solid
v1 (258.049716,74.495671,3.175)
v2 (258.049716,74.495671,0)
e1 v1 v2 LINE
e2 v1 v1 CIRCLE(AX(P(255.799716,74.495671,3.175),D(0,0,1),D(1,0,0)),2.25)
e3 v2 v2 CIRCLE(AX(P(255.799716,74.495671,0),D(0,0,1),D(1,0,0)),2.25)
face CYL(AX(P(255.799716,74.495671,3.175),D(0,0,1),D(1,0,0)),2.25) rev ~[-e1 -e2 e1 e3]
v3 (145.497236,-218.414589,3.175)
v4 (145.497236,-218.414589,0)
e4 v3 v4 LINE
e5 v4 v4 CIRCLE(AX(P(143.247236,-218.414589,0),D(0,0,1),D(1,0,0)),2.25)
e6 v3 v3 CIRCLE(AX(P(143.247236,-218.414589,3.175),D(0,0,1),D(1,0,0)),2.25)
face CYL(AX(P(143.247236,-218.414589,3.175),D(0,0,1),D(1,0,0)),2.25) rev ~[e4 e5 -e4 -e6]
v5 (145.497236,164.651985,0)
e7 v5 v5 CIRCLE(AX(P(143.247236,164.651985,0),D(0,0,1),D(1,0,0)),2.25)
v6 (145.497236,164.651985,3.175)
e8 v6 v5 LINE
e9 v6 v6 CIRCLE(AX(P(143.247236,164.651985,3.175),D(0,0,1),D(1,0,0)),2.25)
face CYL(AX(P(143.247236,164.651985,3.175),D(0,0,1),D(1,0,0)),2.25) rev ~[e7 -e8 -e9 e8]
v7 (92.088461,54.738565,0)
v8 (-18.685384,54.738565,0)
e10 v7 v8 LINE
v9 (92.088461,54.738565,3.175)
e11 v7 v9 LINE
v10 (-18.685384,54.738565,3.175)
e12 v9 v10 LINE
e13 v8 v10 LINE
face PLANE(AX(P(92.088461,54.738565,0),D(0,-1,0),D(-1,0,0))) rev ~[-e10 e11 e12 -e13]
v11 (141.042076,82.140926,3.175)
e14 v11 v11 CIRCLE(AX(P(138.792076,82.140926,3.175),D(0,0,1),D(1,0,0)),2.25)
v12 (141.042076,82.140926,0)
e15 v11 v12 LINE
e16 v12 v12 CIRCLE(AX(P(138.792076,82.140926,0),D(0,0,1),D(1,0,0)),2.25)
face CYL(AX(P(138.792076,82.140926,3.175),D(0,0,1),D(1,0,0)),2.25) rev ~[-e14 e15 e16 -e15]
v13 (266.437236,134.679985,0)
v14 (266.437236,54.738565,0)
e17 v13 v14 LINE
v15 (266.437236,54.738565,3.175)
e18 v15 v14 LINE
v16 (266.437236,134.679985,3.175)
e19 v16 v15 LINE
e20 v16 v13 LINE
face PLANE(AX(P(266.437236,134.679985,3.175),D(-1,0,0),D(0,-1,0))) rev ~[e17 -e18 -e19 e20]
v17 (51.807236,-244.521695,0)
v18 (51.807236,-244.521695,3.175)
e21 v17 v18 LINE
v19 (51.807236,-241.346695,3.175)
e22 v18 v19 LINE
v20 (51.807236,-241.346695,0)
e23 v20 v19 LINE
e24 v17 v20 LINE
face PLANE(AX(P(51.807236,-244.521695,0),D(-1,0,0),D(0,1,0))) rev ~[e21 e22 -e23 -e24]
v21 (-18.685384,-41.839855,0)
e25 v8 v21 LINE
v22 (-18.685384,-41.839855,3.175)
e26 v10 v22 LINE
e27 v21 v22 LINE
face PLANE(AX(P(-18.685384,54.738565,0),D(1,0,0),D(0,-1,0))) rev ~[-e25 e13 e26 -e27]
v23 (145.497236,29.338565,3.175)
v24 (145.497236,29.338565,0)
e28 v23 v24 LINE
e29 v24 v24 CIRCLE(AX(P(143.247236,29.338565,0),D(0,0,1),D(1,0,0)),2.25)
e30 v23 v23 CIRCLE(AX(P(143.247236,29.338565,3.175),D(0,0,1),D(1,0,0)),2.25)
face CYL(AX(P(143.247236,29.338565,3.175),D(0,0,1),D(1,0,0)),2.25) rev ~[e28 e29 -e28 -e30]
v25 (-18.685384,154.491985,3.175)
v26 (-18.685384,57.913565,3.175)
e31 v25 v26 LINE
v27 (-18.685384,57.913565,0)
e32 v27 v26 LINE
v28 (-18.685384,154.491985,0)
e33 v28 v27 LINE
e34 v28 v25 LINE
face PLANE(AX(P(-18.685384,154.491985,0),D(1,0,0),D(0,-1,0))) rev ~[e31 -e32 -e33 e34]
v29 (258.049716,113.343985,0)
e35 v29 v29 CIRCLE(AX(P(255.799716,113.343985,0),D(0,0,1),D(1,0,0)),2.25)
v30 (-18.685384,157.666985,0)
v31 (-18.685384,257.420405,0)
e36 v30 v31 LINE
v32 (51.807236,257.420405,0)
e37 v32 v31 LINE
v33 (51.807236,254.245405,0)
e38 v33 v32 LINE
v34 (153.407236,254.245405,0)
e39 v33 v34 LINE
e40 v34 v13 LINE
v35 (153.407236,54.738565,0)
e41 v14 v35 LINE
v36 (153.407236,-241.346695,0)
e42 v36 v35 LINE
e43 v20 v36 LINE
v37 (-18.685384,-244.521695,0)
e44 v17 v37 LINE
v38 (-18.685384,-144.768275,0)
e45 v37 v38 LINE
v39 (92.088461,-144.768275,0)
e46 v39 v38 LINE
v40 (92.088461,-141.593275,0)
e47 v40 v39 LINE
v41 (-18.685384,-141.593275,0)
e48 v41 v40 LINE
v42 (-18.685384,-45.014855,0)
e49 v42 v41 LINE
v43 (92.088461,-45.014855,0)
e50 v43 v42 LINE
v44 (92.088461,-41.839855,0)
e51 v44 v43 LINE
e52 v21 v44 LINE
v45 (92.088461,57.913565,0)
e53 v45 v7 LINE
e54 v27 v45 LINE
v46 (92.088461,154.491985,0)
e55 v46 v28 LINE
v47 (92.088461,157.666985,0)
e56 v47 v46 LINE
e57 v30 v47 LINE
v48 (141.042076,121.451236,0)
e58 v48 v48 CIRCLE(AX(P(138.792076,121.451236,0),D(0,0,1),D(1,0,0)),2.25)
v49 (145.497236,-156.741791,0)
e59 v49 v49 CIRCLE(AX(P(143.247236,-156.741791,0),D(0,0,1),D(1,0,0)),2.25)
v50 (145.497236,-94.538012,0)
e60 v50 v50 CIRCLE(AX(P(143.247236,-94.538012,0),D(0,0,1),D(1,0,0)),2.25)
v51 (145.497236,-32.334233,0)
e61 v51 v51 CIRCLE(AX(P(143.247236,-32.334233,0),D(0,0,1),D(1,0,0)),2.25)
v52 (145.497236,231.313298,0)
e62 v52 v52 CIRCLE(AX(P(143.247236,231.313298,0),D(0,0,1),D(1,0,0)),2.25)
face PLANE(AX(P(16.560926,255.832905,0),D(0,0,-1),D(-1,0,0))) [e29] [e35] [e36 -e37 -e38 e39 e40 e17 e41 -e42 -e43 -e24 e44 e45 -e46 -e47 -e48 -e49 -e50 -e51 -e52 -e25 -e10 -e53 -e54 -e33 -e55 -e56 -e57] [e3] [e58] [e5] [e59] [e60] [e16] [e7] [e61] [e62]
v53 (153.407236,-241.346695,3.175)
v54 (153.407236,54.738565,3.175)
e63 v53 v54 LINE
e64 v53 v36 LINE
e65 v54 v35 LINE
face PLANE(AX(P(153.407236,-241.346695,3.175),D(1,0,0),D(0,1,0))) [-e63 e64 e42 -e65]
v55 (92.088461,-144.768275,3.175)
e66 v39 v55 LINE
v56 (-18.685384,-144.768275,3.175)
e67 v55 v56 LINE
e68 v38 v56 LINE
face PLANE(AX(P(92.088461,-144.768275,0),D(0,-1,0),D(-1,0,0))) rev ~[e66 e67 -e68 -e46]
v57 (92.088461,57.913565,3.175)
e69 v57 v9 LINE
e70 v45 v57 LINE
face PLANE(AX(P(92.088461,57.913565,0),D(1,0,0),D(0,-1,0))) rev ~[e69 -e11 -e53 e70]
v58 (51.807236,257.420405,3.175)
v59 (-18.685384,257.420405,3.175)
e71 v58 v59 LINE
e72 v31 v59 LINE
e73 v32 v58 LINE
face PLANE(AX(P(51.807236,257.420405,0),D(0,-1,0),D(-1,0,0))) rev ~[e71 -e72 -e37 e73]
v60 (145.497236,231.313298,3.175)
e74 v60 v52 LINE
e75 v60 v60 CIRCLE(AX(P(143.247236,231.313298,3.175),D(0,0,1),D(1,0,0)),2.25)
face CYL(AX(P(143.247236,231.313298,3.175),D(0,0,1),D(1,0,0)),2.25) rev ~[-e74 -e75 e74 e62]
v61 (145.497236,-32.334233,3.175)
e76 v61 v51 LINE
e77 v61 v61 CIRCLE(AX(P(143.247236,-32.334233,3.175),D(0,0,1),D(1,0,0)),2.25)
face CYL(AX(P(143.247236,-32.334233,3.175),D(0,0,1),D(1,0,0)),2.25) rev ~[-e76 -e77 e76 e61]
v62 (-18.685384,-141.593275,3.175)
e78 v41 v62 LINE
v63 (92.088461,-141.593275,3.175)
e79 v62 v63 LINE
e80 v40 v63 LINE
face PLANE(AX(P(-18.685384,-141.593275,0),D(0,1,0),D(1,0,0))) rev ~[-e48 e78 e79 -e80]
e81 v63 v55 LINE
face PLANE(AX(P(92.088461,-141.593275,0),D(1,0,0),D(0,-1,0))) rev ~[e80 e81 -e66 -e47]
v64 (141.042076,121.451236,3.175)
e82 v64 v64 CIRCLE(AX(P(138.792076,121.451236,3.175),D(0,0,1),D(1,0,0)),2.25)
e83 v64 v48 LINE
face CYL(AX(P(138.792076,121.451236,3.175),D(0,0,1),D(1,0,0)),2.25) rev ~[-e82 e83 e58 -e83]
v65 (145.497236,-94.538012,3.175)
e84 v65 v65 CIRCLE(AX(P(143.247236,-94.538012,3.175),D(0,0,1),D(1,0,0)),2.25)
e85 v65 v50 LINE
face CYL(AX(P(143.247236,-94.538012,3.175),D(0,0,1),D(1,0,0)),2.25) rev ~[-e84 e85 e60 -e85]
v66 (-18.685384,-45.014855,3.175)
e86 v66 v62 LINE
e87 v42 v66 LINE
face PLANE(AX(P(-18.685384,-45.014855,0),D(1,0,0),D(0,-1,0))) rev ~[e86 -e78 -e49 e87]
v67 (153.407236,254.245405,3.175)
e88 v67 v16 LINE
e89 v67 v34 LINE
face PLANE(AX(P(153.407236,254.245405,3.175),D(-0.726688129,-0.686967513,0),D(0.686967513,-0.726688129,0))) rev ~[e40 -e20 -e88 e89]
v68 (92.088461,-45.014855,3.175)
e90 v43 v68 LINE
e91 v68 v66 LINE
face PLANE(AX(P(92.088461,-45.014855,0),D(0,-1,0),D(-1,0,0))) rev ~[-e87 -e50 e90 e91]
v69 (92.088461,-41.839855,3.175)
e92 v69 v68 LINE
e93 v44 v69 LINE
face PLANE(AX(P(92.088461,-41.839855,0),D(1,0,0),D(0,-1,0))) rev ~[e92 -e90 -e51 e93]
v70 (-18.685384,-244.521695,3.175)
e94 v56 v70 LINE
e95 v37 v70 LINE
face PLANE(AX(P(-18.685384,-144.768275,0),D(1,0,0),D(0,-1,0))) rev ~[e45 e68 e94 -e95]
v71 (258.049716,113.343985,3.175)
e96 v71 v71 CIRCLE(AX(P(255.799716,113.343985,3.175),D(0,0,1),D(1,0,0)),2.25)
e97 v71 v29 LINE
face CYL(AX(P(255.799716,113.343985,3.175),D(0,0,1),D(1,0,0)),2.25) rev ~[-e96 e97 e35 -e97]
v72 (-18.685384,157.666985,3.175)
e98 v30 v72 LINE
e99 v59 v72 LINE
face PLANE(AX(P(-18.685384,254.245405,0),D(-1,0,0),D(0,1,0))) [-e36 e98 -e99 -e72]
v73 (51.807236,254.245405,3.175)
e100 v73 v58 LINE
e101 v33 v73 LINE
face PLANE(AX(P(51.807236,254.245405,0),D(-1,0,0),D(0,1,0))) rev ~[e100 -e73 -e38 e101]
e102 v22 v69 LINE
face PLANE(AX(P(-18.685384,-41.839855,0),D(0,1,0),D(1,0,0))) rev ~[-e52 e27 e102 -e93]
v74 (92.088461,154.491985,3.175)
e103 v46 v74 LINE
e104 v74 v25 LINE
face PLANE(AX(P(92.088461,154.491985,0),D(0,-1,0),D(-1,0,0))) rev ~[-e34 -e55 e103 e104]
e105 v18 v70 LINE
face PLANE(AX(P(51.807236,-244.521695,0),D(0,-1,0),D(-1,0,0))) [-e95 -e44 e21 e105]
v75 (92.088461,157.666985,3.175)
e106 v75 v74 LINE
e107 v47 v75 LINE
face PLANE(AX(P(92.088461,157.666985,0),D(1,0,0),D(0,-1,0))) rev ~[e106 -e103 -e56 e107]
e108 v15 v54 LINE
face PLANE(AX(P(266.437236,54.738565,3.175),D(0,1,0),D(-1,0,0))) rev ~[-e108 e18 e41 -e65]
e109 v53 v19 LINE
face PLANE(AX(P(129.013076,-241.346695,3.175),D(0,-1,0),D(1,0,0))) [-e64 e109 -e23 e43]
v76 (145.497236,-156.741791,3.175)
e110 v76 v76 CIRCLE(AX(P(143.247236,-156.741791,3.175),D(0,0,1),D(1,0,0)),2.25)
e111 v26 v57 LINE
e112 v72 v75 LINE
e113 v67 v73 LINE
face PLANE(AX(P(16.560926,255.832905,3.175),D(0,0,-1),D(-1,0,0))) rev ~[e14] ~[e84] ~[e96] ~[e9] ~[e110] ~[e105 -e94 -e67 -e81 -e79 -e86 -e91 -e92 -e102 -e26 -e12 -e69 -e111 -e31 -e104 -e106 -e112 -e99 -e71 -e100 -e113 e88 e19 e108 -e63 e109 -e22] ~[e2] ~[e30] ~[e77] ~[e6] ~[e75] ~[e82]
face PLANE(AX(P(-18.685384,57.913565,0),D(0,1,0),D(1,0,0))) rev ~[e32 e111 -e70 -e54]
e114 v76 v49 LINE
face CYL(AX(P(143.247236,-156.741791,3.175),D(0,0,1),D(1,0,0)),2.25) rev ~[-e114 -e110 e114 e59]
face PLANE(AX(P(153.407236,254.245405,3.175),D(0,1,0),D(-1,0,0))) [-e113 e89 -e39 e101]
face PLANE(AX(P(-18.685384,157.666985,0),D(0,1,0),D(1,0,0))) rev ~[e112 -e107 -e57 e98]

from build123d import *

# Parameters (mm, degrees)
BOSS_EXTRUDE2_DEPTH = 3.175
BOSS_EXTRUDE3_DEPTH = 3.175
BOSS_EXTRUDE8_DEPTH = 3.175
SKETCH12_W          = 70.49262
SKETCH12_H          = 3.175
BOSS_EXTRUDE9_DEPTH = 3.175
SKETCH15_R          = 2.25
CUT_EXTRUDE1_DEPTH  = 371.49176257
SKETCH16_R          = 2.250000072
SKETCH16_R_2        = 2.25
CUT_EXTRUDE2_DEPTH  = 371.49176257


with BuildPart() as part:
    # Sketch1 → Boss-Extrude2 (new body)
    with BuildSketch(Plane.XY):
        Polygon((129.013076168, 254.245404572), (-18.685383832, 254.245404572), (-18.685383832, 157.666984572), (92.088461168, 157.666984572), (92.088461168, 154.491984572), (-18.685383832, 154.491984572), (-18.685383832, 57.913564572), (92.088461168, 57.913564572), (92.088461168, 54.738564572), (-18.685383832, 54.738564572), (-18.685383832, -41.839855428), (92.088461168, -41.839855428), (92.088461168, -45.014855428), (-18.685383832, -45.014855428), (-18.685383832, -141.593275428), (92.088461168, -141.593275428), (92.088461168, -144.768275428), (-18.685383832, -144.768275428), (-18.685383832, -241.346695428), (129.013076168, -241.346695428), align=None)
    extrude(amount=BOSS_EXTRUDE2_DEPTH)

    # Sketch4 → Boss-Extrude3 (add, through all)
    with BuildSketch(Plane.XY.offset(3.175)):
        Polygon((129.013076168, 254.245404572), (129.013076168, -241.346695428), (153.407236168, -241.346695428), (153.407236168, -227.262720585), (153.407236168, 240.16142973), (153.407236168, 254.245404572), align=None)
    extrude(amount=-BOSS_EXTRUDE3_DEPTH)

    # Sketch11 → Boss-Extrude8 (add, through all)
    with BuildSketch(Plane.XY.offset(3.175)):
        Polygon((266.437236168, 134.679984572), (266.437236168, 54.738564572), (153.407236168, 54.738564572), (153.407236168, 134.679984572), (153.407236168, 254.245404572), align=None)
    extrude(amount=-BOSS_EXTRUDE8_DEPTH)

    # Sketch12 → Boss-Extrude9 (add, through all)
    with BuildSketch(Plane(origin=(0, 0, 0), x_dir=(-1, 0, 0), z_dir=(0, 0, -1))):
        with Locations((-16.560926168, 255.832904572)):
            Rectangle(SKETCH12_W, SKETCH12_H)
        with Locations((-16.560926168, -242.934195428)):
            Rectangle(SKETCH12_W, SKETCH12_H)
    extrude(amount=-BOSS_EXTRUDE9_DEPTH)

    # Sketch15 → Cut-Extrude1 (cut, through all)
    with BuildSketch(Plane.XY.offset(3.175)):
        with Locations((143.247236168, 231.313297791)):
            Circle(SKETCH15_R)
        with Locations((143.247236168, 164.651984572)):
            Circle(SKETCH15_R)
        with Locations((255.799716168, 113.343984572)):
            Circle(SKETCH15_R)
        with Locations((255.799716168, 74.495671354)):
            Circle(SKETCH15_R)
        with Locations((143.247236168, 29.338564572)):
            Circle(SKETCH15_R)
        with Locations((143.247236168, -32.334232694)):
            Circle(SKETCH15_R)
        with Locations((143.247236168, -94.538012037)):
            Circle(SKETCH15_R)
        with Locations((143.247236168, -156.74179138)):
            Circle(SKETCH15_R)
        with Locations((143.247236168, -218.414588646)):
            Circle(SKETCH15_R)
    extrude(amount=-CUT_EXTRUDE1_DEPTH, mode=Mode.SUBTRACT)

    # Sketch16 → Cut-Extrude2 (cut, through all)
    with BuildSketch(Plane.XY.offset(3.175)):
        with Locations((138.792076168, 121.451235566)):
            Circle(SKETCH16_R)
        with Locations((138.792076168, 82.140925566)):
            Circle(SKETCH16_R_2)
    extrude(amount=-CUT_EXTRUDE2_DEPTH, mode=Mode.SUBTRACT)


solid = part.part
